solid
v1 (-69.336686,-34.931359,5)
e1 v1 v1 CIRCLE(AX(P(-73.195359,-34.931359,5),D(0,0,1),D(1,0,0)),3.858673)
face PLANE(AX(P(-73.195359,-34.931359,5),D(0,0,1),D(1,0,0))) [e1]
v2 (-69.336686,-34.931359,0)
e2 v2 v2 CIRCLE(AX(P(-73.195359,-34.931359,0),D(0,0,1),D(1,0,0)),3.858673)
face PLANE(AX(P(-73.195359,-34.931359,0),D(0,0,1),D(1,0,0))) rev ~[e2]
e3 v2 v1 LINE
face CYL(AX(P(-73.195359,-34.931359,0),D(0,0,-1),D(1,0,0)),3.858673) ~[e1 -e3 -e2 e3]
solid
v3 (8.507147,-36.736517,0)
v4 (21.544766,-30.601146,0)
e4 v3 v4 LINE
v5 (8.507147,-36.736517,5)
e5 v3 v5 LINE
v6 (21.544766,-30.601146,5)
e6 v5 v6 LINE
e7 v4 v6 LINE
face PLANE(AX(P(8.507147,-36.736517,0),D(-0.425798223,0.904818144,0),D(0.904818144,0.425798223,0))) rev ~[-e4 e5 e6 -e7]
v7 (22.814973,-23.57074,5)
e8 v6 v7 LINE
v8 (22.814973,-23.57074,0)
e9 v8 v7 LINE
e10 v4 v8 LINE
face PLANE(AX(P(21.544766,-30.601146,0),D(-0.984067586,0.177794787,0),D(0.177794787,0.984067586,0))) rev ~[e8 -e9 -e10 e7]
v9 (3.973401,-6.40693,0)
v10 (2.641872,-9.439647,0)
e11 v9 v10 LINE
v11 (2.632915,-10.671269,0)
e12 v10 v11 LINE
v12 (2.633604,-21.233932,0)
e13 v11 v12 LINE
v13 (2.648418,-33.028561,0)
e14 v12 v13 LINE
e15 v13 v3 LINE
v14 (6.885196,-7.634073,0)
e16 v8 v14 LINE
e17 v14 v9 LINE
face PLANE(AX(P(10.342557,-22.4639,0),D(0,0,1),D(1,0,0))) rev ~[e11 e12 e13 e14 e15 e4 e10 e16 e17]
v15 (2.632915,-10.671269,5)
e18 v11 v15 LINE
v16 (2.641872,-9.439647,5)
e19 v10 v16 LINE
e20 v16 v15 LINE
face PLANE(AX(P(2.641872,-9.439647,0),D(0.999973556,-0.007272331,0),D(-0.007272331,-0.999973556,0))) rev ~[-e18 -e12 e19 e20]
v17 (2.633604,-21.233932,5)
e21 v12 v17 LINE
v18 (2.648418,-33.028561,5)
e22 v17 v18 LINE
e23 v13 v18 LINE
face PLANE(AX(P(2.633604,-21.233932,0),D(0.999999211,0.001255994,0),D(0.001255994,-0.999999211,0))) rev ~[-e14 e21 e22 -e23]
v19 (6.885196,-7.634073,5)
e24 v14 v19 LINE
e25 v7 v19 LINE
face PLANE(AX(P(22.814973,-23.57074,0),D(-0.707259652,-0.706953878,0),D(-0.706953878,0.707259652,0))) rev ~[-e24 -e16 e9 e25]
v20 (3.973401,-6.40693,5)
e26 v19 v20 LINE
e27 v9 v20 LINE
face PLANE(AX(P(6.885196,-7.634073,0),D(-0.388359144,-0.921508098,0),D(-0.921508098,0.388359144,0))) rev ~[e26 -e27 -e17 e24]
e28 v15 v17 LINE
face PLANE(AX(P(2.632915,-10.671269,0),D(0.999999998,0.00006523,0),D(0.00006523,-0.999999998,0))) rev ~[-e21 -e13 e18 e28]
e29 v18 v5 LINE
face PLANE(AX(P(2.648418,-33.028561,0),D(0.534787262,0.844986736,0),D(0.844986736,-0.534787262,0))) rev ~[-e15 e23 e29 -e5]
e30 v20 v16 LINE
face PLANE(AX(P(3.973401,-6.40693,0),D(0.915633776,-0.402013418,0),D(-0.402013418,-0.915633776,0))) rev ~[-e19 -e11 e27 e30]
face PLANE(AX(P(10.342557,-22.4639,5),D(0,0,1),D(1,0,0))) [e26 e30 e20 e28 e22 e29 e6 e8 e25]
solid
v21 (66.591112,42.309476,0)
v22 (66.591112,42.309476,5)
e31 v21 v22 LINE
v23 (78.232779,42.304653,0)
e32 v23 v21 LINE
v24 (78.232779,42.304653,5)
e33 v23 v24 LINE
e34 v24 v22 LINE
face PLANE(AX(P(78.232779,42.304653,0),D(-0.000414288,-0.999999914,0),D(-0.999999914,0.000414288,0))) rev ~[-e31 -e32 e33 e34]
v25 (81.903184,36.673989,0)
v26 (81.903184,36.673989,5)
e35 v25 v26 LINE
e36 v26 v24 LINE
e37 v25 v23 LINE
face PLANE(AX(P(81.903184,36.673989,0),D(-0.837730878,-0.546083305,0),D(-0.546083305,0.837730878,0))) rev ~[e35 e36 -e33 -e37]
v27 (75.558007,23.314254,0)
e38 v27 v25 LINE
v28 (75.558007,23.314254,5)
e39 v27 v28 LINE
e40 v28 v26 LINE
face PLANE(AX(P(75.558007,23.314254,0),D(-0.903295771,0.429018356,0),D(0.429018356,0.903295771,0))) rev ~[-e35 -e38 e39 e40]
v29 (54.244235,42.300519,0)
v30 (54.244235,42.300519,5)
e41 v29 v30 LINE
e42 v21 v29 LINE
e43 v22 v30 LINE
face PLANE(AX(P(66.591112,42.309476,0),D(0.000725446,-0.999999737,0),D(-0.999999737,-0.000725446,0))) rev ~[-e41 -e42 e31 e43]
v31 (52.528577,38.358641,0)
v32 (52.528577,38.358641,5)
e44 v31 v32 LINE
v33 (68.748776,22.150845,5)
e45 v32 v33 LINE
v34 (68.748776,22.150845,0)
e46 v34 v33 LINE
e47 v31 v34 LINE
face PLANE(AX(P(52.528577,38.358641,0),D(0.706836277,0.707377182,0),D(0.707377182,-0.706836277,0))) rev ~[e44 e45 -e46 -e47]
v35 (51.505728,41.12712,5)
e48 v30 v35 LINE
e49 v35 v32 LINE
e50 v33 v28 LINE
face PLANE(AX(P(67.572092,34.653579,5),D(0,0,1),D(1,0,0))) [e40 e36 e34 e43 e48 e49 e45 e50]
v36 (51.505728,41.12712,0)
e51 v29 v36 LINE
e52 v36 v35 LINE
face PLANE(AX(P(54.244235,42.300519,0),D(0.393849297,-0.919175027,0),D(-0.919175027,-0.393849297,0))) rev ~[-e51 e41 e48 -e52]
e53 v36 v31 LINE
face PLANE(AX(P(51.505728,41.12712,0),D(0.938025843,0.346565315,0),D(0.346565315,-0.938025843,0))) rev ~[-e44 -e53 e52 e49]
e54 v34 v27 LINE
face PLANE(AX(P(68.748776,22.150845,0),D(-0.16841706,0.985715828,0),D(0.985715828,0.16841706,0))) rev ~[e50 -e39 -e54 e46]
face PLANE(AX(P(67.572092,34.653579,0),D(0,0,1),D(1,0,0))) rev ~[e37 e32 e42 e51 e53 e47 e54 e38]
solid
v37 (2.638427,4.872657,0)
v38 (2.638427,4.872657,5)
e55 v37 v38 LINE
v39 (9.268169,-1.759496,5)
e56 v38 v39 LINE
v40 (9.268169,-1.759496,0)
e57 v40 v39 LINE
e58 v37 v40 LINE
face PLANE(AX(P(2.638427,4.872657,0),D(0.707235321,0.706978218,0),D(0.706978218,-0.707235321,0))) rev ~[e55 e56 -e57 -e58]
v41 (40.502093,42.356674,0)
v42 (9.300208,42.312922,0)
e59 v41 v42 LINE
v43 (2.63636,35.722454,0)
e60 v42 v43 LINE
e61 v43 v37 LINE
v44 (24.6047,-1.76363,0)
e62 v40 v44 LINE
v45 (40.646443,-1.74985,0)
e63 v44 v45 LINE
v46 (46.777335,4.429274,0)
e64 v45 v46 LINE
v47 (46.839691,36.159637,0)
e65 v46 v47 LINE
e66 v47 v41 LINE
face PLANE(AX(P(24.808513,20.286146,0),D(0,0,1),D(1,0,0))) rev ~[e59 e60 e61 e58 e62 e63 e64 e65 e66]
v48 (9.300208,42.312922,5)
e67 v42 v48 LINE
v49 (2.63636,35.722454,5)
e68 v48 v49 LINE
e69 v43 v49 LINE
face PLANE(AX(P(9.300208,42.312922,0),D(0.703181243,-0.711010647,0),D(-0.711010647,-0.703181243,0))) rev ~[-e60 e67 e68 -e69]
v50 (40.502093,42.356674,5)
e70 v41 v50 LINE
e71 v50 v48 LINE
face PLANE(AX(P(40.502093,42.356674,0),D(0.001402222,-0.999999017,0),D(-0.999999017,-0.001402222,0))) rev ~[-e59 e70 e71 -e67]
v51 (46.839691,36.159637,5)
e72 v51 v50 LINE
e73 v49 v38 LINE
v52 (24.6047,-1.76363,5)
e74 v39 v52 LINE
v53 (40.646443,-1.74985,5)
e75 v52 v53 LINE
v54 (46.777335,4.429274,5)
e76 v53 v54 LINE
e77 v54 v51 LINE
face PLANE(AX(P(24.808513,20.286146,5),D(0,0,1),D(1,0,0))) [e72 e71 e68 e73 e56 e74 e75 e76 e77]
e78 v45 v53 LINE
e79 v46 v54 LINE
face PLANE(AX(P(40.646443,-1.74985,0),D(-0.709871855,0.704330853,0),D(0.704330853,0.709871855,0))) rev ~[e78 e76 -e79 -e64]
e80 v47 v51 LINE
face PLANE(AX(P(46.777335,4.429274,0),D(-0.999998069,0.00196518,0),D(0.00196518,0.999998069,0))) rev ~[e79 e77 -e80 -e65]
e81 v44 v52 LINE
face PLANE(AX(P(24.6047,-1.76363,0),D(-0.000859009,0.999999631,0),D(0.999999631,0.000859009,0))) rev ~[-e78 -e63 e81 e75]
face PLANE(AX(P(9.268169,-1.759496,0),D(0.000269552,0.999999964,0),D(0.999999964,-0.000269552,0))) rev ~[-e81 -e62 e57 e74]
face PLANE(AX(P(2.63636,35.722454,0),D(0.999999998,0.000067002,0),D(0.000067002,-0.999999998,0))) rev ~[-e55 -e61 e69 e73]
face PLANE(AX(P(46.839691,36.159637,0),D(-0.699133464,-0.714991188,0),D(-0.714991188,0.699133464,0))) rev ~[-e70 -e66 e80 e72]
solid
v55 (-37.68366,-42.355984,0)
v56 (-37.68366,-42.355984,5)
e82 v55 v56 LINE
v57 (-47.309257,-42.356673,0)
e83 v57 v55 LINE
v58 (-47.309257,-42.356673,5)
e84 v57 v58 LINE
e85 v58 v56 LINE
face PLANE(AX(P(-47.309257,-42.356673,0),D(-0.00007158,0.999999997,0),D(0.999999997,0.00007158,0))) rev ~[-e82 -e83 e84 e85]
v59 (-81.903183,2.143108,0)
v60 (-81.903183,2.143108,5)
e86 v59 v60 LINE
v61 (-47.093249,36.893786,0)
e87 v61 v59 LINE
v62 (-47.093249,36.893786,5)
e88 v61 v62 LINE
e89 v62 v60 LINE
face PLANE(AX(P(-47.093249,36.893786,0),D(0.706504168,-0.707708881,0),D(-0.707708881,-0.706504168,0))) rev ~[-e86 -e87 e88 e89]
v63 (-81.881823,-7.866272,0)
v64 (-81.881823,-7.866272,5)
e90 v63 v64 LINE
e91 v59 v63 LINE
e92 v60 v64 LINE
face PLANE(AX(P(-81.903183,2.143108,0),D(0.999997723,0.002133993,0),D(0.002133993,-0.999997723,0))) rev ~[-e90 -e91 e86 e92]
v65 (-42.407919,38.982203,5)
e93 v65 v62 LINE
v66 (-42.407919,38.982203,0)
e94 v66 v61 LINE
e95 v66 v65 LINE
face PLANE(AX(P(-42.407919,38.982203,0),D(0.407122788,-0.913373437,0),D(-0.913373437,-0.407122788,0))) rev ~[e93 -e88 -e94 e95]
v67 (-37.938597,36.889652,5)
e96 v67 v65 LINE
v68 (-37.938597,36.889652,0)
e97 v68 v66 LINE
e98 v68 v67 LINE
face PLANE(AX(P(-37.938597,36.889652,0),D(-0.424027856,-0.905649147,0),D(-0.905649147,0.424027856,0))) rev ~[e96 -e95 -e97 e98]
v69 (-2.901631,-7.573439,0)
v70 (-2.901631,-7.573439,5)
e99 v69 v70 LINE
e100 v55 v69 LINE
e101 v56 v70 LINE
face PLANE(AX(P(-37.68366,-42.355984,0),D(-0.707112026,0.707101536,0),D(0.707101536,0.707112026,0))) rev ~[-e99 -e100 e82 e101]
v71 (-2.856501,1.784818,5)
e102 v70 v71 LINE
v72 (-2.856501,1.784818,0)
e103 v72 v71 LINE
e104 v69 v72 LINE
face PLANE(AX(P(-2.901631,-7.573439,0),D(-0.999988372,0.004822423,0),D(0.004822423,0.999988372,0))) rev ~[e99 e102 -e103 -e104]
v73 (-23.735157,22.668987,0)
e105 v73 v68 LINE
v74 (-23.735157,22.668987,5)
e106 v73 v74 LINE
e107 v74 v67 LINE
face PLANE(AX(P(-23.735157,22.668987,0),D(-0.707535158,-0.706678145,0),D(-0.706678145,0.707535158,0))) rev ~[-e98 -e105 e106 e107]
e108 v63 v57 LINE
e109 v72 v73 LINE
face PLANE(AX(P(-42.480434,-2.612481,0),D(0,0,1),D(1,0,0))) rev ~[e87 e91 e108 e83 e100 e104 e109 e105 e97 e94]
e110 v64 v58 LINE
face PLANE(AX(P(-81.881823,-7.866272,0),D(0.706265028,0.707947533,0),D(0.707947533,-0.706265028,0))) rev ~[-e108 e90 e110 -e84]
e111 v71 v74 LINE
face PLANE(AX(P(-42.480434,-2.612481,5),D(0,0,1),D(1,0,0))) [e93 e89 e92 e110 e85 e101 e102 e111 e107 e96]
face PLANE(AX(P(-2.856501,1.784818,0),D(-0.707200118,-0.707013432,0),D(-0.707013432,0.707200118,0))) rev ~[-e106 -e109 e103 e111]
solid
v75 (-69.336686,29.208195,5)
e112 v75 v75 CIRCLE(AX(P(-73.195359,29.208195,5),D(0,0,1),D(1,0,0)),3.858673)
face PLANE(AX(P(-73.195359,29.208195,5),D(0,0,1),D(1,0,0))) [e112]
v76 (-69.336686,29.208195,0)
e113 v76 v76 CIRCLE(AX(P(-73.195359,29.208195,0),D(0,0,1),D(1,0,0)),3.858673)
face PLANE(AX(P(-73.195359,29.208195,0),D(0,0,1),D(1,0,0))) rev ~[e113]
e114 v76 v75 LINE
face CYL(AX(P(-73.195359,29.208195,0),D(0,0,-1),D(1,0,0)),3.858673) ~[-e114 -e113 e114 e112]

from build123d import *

# Parameters (mm, degrees)
F0_R     = 3.858673
F1_DEPTH = 5


with BuildPart() as f1:
    # F0 (on Top) → F1 (new body)
    with BuildSketch(Plane.XY):
        Polygon((-37.938597, 36.889652), (-42.407919, 38.982203), (-47.093249, 36.893786), (-81.903183, 2.143108), (-81.881823, -7.866272), (-47.309257, -42.356673), (-37.68366, -42.355984), (-2.901631, -7.573439), (-2.856501, 1.784818), (-23.735157, 22.668987), align=None)
        Polygon((9.268169, -1.759496), (24.6047, -1.76363), (40.646443, -1.74985), (46.777335, 4.429274), (46.839691, 36.159637), (40.502093, 42.356674), (9.300208, 42.312922), (2.63636, 35.722454), (2.638427, 4.872657), align=None)
        Polygon((2.632915, -10.671269), (2.633604, -21.233932), (2.648418, -33.028561), (8.507147, -36.736517), (21.544766, -30.601146), (22.814973, -23.57074), (6.885196, -7.634073), (3.973401, -6.40693), (2.641872, -9.439647), align=None)
        Polygon((78.232779, 42.304653), (66.591112, 42.309476), (54.244235, 42.300519), (51.505728, 41.12712), (52.528577, 38.358641), (68.748776, 22.150845), (75.558007, 23.314254), (81.903184, 36.673989), align=None)
        with Locations((-73.195359, 29.208195)):
            Circle(F0_R)
        with Locations((-73.195359, -34.931359)):
            Circle(F0_R)
    extrude(amount=F1_DEPTH)


solid = f1.part
